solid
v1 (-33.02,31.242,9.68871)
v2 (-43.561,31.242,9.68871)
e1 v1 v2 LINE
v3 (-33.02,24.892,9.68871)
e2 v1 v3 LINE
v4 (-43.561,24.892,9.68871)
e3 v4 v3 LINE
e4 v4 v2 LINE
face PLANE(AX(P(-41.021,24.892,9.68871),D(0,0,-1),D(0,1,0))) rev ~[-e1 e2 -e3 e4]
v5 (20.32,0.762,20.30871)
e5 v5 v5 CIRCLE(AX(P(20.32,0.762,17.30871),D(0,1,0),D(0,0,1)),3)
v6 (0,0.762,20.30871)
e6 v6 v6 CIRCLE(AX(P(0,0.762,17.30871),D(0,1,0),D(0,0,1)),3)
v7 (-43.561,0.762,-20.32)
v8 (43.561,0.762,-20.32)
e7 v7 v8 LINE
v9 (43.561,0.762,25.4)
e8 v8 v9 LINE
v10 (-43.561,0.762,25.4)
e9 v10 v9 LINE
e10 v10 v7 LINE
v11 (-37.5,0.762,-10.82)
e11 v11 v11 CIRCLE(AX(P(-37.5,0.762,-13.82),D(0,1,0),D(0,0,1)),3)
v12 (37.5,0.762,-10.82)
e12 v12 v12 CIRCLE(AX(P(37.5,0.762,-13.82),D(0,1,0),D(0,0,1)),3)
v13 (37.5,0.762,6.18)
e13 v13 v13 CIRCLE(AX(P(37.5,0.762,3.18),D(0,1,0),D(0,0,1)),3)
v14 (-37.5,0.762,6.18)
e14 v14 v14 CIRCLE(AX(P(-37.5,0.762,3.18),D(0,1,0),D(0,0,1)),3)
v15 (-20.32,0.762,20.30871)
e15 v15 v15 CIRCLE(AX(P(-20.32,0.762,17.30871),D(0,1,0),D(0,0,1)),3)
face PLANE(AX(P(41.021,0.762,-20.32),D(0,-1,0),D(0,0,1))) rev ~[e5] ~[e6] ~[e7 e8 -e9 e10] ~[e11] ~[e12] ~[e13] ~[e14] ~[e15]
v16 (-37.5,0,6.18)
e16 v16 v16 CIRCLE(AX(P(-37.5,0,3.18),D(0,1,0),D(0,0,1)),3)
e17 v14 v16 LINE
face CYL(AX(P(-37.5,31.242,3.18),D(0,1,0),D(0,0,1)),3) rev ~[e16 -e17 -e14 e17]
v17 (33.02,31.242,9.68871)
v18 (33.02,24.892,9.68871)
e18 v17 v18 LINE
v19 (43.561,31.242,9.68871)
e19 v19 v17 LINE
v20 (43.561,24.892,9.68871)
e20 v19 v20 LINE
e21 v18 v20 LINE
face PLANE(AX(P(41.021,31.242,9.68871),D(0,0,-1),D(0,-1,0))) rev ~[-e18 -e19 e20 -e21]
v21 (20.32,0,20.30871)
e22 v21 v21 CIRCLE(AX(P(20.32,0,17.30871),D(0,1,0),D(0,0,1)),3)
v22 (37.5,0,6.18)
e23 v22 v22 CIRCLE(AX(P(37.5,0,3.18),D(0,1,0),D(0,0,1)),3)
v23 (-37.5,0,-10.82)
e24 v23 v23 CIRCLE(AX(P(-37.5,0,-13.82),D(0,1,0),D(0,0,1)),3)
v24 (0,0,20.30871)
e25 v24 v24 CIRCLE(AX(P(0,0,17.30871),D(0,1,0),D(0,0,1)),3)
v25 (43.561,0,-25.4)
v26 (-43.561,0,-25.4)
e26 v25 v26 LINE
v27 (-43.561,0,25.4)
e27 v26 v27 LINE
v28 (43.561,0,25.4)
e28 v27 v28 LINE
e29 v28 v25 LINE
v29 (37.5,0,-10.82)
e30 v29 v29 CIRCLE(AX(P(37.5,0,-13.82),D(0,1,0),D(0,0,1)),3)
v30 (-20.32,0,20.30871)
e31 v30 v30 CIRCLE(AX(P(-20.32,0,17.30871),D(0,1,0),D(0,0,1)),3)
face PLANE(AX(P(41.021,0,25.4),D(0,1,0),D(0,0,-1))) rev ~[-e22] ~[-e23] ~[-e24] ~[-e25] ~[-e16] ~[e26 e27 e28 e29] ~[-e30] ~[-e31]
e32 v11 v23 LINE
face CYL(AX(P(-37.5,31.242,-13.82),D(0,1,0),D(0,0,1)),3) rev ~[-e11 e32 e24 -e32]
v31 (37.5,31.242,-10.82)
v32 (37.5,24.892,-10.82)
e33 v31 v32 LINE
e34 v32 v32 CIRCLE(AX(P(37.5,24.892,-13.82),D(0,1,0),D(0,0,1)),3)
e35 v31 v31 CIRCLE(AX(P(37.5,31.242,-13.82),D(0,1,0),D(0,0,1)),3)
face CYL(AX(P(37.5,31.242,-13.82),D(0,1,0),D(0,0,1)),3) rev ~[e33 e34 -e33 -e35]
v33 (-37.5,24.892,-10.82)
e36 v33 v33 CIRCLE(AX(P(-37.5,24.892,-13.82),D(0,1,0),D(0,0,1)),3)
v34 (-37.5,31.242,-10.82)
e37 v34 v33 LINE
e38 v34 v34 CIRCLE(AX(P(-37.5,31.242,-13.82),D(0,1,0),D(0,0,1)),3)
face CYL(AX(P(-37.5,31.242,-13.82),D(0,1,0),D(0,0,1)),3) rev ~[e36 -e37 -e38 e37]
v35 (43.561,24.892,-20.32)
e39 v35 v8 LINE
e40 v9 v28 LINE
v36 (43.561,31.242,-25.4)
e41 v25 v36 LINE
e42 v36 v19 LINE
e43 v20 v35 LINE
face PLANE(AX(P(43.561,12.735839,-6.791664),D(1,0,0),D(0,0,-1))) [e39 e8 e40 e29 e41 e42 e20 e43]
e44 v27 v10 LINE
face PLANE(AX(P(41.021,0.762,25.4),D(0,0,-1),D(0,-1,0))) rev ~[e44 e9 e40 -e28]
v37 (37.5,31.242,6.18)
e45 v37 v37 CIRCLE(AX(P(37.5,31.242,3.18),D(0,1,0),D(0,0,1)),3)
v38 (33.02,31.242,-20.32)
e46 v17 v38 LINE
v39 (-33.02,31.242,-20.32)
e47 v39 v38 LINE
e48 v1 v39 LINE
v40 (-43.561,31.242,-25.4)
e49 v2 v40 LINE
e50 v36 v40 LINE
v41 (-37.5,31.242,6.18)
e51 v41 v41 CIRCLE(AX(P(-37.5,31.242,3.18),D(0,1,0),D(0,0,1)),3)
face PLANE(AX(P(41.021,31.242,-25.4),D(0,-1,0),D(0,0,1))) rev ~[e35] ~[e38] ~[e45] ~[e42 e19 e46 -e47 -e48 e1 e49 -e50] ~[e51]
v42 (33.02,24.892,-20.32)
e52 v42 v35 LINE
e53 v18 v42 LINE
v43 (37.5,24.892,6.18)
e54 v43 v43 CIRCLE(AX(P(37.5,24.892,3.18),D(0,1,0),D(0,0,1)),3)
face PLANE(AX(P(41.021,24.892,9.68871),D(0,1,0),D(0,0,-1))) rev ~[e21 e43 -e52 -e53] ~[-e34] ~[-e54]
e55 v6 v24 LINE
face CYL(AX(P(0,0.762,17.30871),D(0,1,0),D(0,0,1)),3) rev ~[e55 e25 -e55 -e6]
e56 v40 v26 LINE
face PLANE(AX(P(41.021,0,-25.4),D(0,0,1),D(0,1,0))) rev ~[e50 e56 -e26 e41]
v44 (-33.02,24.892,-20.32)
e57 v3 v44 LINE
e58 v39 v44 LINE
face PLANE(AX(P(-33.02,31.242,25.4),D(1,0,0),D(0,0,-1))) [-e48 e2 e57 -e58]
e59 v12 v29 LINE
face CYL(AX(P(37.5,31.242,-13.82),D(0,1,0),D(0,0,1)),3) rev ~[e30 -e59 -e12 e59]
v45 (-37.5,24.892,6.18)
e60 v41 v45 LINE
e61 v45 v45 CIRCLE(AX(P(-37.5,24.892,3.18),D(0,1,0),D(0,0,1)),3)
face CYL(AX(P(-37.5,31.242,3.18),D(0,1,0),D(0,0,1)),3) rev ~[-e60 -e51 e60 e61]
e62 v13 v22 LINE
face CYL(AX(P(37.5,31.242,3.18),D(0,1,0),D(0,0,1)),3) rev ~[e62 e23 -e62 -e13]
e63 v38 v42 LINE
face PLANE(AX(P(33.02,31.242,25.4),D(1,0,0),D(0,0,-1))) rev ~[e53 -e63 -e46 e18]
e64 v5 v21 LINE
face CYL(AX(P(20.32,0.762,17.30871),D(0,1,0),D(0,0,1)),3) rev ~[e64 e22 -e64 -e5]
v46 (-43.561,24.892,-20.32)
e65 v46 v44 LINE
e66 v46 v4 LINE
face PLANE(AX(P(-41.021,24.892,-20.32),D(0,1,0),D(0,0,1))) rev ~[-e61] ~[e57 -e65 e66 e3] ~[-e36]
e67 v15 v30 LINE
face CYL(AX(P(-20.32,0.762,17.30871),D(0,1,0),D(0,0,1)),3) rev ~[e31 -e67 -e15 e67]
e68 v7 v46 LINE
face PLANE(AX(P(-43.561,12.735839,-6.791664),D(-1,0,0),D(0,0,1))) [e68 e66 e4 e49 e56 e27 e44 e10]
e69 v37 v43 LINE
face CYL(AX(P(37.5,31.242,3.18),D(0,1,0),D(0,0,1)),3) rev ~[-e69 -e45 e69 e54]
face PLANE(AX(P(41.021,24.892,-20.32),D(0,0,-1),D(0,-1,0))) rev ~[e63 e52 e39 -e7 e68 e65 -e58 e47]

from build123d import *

# Parameters (mm, degrees)
SKETCH1_W           = 82.042
SKETCH1_H           = 50.8
BOSS_EXTRUDE1_DEPTH = 31.242
SKETCH2_W           = 66.04
SKETCH2_H           = 45.72
CUT_EXTRUDE1_DEPTH  = 30.48
SKETCH3_R           = 3
CUT_EXTRUDE2_DEPTH  = 58.479953071
SKETCH4_W           = 8.001
SKETCH4_H           = 15.711289628
CUT_EXTRUDE3_DEPTH  = 30.48
SKETCH5_R           = 3
CUT_EXTRUDE4_DEPTH  = 58.069368675
SKETCH6_W           = 30.008710372
SKETCH6_H           = 24.13
CUT_EXTRUDE5_DEPTH  = 92.389891826
BOSS_EXTRUDE2_DEPTH = 2.54
BOSS_EXTRUDE3_DEPTH = 2.54


with BuildPart() as part:
    # Sketch1 → Boss-Extrude1 (new body)
    with BuildSketch(Plane(origin=(0, 0, 0), x_dir=(1, 0, 0), z_dir=(0, 1, 0))):
        Rectangle(SKETCH1_W, SKETCH1_H)
    extrude(amount=BOSS_EXTRUDE1_DEPTH)

    # Sketch2 → Cut-Extrude1 (cut)
    with BuildSketch(Plane(origin=(0, 31.242, 0), x_dir=(1, 0, 0), z_dir=(0, 1, 0))):
        with Locations((0, -2.54)):
            Rectangle(SKETCH2_W, SKETCH2_H)
    extrude(amount=-CUT_EXTRUDE1_DEPTH, mode=Mode.SUBTRACT)

    # Sketch3 → Cut-Extrude2 (cut, through all)
    with BuildSketch(Plane(origin=(0, 31.242, 0), x_dir=(1, 0, 0), z_dir=(0, 1, 0))):
        with Locations(Location((-37.5, 13.82, 0), (0, 0, 270))):
            Circle(SKETCH3_R)
        with Locations(Location((-37.5, -3.18, 0), (0, 0, 270))):
            Circle(SKETCH3_R)
        with Locations(Location((37.5, 13.82, 0), (0, 0, 270))):
            Circle(SKETCH3_R)
        with Locations(Location((37.5, -3.18, 0), (0, 0, 270))):
            Circle(SKETCH3_R)
    extrude(amount=-CUT_EXTRUDE2_DEPTH, mode=Mode.SUBTRACT)

    # Sketch4 → Cut-Extrude3 (cut)
    with BuildSketch(Plane(origin=(0, 31.242, 0), x_dir=(1, 0, 0), z_dir=(0, 1, 0))):
        with Locations((-37.0205, -17.544355186)):
            Rectangle(SKETCH4_W, SKETCH4_H)
        with Locations((37.0205, -17.544355186)):
            Rectangle(SKETCH4_W, SKETCH4_H)
    extrude(amount=-CUT_EXTRUDE3_DEPTH, mode=Mode.SUBTRACT)

    # Sketch5 → Cut-Extrude4 (cut, through all)
    with BuildSketch(Plane(origin=(0, 0.762, 0), x_dir=(1, 0, 0), z_dir=(0, 1, 0))):
        with Locations(Location((0, -17.308710372, 0), (0, 0, 270))):
            Circle(SKETCH5_R)
        with Locations(Location((-20.32, -17.308710372, 0), (0, 0, 270))):
            Circle(SKETCH5_R)
        with Locations(Location((20.32, -17.308710372, 0), (0, 0, 270))):
            Circle(SKETCH5_R)
    extrude(amount=-CUT_EXTRUDE4_DEPTH, mode=Mode.SUBTRACT)

    # Sketch6 → Cut-Extrude5 (cut, through all)
    with BuildSketch(Plane(origin=(41.021, 0, 0), x_dir=(0, 0, -1), z_dir=(1, 0, 0))):
        with Locations((5.315644814, 12.827)):
            Rectangle(SKETCH6_W, SKETCH6_H)
    extrude(amount=-CUT_EXTRUDE5_DEPTH, mode=Mode.SUBTRACT)

    # Sketch8 → Boss-Extrude2 (add)
    with BuildSketch(Plane.ZY.offset(41.021)):
        Polygon((9.688710372, 24.892), (9.688710372, 31.242), (-25.4, 31.242), (-25.4, 0), (25.4, 0), (25.4, 0.762), (-20.32, 0.762), (-20.32, 24.892), align=None)
    extrude(amount=BOSS_EXTRUDE2_DEPTH)

    # Sketch9 → Boss-Extrude3 (add)
    with BuildSketch(Plane(origin=(41.021, 0, 0), x_dir=(0, 0, -1), z_dir=(1, 0, 0))):
        Polygon((-9.688710372, 31.242), (-9.688710372, 24.892), (20.32, 24.892), (20.32, 0.762), (-25.4, 0.762), (-25.4, 0), (25.4, 0), (25.4, 31.242), align=None)
    extrude(amount=BOSS_EXTRUDE3_DEPTH)


solid = part.part
